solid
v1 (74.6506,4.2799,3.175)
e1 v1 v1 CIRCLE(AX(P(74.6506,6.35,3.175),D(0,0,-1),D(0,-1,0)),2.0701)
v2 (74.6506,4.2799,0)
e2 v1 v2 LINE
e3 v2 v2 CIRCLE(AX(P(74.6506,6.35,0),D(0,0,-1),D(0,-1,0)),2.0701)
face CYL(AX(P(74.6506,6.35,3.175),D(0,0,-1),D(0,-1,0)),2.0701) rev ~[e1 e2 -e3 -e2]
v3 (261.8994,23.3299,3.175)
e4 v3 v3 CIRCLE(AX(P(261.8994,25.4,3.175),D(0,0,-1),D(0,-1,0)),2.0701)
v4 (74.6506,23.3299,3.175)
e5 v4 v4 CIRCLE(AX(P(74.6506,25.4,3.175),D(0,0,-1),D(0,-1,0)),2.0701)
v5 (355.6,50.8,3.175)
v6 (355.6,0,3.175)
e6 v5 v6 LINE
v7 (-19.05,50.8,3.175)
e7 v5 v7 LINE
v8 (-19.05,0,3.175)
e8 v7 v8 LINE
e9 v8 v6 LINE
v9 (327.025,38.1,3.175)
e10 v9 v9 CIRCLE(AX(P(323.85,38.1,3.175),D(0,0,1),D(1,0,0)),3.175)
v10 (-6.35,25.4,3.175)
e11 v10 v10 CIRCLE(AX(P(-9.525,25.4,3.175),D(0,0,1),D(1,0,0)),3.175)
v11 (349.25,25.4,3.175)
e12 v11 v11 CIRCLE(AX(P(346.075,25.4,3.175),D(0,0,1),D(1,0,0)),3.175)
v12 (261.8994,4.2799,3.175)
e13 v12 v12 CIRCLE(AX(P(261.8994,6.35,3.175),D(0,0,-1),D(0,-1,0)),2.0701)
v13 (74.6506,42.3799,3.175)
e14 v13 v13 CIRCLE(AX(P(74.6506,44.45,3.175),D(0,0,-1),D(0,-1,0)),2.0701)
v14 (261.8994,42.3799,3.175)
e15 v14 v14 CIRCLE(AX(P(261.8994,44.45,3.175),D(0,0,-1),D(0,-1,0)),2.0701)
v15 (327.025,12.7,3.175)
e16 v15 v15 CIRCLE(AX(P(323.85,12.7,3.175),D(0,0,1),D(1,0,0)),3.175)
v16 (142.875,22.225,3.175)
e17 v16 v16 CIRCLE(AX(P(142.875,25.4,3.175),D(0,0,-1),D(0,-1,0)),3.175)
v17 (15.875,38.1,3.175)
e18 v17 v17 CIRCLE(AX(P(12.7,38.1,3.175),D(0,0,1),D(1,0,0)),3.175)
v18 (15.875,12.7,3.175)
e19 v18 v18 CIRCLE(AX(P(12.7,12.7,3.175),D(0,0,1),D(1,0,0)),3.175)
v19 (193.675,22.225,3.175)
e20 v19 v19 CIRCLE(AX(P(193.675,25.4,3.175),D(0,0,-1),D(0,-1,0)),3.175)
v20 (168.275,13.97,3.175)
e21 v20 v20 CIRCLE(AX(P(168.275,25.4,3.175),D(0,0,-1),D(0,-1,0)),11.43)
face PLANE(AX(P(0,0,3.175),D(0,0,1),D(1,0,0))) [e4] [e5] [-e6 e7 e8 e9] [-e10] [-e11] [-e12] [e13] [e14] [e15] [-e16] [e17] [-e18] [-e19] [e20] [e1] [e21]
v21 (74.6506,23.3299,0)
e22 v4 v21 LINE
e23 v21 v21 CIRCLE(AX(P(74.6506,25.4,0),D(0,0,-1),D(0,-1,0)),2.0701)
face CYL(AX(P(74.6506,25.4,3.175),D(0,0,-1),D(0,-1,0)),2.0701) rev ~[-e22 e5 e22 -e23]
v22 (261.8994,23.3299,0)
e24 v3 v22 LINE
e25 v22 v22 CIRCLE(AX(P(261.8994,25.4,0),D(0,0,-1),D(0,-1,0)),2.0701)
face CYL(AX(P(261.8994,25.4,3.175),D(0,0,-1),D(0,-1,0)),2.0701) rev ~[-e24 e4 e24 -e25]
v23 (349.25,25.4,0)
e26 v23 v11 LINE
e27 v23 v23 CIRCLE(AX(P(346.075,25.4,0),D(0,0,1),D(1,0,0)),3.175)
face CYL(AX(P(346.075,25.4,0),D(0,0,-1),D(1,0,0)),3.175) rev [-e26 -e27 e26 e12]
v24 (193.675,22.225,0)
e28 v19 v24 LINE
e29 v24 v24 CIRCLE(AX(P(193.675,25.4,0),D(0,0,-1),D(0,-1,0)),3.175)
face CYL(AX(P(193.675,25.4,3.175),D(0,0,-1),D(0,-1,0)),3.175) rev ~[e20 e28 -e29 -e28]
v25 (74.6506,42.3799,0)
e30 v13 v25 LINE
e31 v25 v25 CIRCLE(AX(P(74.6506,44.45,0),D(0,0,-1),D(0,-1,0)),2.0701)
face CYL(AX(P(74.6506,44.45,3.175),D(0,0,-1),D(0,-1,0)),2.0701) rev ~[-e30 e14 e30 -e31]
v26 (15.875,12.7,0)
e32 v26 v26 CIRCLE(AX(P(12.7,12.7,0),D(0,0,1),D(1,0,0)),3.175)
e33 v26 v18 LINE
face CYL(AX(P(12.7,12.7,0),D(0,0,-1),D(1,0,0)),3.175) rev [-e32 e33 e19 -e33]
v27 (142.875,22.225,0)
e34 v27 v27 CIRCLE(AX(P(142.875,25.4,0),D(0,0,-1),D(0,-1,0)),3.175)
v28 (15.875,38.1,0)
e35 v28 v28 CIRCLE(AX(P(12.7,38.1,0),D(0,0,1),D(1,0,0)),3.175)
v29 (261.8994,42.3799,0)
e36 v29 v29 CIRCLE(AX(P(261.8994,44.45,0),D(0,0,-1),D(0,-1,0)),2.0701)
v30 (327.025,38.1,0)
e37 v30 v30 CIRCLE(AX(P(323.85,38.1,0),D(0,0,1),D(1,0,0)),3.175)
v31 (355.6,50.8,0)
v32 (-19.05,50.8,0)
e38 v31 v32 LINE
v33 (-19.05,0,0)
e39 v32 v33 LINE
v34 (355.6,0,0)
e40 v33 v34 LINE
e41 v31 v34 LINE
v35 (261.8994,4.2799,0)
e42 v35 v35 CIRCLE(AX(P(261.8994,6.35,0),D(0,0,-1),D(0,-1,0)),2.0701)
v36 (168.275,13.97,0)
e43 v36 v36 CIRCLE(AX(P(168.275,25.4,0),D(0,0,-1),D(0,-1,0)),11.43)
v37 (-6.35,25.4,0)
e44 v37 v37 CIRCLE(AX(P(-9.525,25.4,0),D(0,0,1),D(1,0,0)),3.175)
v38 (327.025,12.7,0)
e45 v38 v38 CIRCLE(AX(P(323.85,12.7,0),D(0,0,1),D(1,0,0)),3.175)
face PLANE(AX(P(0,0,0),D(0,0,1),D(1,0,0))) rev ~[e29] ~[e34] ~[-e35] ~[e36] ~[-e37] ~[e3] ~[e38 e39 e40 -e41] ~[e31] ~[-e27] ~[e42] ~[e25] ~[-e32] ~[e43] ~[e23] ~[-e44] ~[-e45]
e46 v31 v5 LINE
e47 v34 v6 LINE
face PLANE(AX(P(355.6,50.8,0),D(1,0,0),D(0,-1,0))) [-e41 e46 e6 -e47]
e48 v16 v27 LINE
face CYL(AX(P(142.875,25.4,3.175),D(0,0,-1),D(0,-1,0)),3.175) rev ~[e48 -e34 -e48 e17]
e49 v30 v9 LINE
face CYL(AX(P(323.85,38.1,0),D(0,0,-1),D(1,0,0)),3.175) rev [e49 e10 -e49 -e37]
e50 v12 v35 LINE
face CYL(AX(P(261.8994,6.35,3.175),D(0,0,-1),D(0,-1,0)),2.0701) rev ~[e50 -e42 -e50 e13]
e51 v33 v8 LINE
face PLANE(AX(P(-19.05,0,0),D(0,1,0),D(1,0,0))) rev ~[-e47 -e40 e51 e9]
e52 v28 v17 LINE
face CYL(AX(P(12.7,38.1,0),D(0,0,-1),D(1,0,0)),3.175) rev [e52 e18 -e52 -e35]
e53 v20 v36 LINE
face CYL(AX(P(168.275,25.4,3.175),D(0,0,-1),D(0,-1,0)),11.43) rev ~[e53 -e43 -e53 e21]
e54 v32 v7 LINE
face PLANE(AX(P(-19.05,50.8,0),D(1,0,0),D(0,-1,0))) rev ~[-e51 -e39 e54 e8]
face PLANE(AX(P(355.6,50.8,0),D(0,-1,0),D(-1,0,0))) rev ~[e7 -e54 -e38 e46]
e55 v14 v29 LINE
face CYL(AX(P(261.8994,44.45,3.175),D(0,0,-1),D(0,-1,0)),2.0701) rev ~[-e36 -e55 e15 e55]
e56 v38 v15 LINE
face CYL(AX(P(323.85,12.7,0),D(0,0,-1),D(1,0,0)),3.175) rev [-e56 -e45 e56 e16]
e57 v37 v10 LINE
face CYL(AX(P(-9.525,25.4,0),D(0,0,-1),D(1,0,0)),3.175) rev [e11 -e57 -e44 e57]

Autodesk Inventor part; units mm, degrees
ref_plane "YZ Plane" through (0, 0, 0) normal (1, 0, 0) x (0, 1, 0)
ref_plane "XZ Plane" through (0, 0, 0) normal (0, 1, 0) x (-1, 0, 0)
ref_plane "XY Plane" through (0, 0, 0) normal (0, 0, 1) x (1, 0, 0)
sketch "Sketch1" plane through (0, 0, 0) normal (0, 0, 1) x (1, 0, 0)
  line L0 (355.6, 50.8) -> (-19.05, 50.8)
  line L1 (12.7, 50.8) -> (12.7, 0) construction
  line L2 (0, 38.1) -> (12.7, 38.1) construction
  line L3 (0, 12.7) -> (12.7, 12.7) construction
  circle A0 centre (12.7, 38.1) radius 3.175
  circle A1 centre (12.7, 12.7) radius 3.175
  line L4 (168.275, 50.8) -> (168.275, 0) construction
  line L5 (-19.05, 50.8) -> (-19.05, 0)
  line L6 (355.6, 50.8) -> (355.6, 0)
  circle A2 centre (-9.525, 25.4) radius 3.175
  circle A3 centre (323.85, 38.1) radius 3.175
  circle A4 centre (323.85, 12.7) radius 3.175
  line L7 (355.6, 50.8) -> (355.6, 0)
  circle A5 centre (346.075, 25.4) radius 3.175
  line L8 (-19.05, 0) -> (355.6, 0)
  dimension "d0" = 374.65
  dimension "d3" = 12.7
  dimension "d4" = 25.4
  dimension "d5" = 6.35
  dimension "d6" = 6.35
  dimension "d10" = 6.35
  dimension "d11" = 31.75
extrude "Extrusion2" add sketch "Sketch1" along normal blind 3.175
sketch "Sketch3" plane through (0, 0, 3.175) normal (0, 0, 1) x (1, 0, 0)
  line L0 (-19.05, 50.8) -> (-19.05, 0) projected
  line L1 (-19.05, 25.4) -> (168.275, 25.4)
  line L2 (355.6, 50.8) -> (-19.05, 50.8) projected
  line L3 (168.275, 25.4) -> (168.275, 50.8)
  point P0 (0, 0)
hole "Hole1" at (168.275, 25.4, 3.175) direction (0, 0, -1) diameter 22.86 depth 25.4 tip angle 118
sketch "Sketch4" plane through (0, 0, 3.175) normal (0, 0, 1) x (1, 0, 0)
  circle A0 centre (168.275, 25.4) radius 11.43 projected
  line L0 (168.275, 25.4) -> (142.875, 25.4)
  circle A1 centre (142.875, 25.4) radius 3.175
  line L1 (355.6, 50.8) -> (-19.05, 50.8) projected
  line L2 (168.275, 50.8) -> (168.275, 0)
  circle A2 centre (193.675, 25.4) radius 3.175
  point P0 (0, 0)
  dimension "d21" = 25.4
  dimension "d22" = 6.35
hole "Hole2" at (193.675, 25.4, 3.175) at (142.875, 25.4, 3.175) direction (0, 0, -1) diameter 6.35 depth 25.4 tip angle 118
sketch "Sketch5" plane through (0, 0, 3.175) normal (0, 0, 1) x (1, 0, 0)
  line L0 (355.6, 50.8) -> (-19.05, 50.8) projected
  line L1 (74.6506, 50.8) -> (74.6506, 0)
  line L2 (-19.05, 50.8) -> (-19.05, 0) projected
  line L3 (74.6506, 50.8) -> (74.6506, 44.45)
  line L4 (74.6506, 44.45) -> (74.6506, 25.4)
  circle A0 centre (74.6506, 44.45) radius 2.0701
  line L5 (74.6506, 25.4) -> (74.6506, 6.35)
  circle A1 centre (74.6506, 25.4) radius 2.0701
  circle A2 centre (74.6506, 6.35) radius 2.0701
  line L6 (168.275, 50.8) -> (168.275, 0)
  circle A3 centre (261.8994, 44.45) radius 2.0701
  circle A4 centre (261.8994, 25.4) radius 2.0701
  circle A5 centre (261.8994, 6.35) radius 2.0701
  point P0 (0, 0)
  dimension "d30" = 93.7006
  dimension "d31" = 6.35
  dimension "d32" = 19.05
  dimension "d33" = 4.1402
  dimension "d34" = 19.05
  dimension "d35" = 4.1402
  dimension "d36" = 4.1402
hole "Hole3" at (74.6506, 44.45, 3.175) at (74.6506, 25.4, 3.175) at (74.6506, 6.35, 3.175) at (261.8994, 44.45, 3.175) at (261.8994, 25.4, 3.175) at (261.8994, 6.35, 3.175) direction (0, 0, -1) diameter 4.1402 depth 25.4 tip angle 118
properties part number "slider-crossbeam" material "Aluminum 6061"
